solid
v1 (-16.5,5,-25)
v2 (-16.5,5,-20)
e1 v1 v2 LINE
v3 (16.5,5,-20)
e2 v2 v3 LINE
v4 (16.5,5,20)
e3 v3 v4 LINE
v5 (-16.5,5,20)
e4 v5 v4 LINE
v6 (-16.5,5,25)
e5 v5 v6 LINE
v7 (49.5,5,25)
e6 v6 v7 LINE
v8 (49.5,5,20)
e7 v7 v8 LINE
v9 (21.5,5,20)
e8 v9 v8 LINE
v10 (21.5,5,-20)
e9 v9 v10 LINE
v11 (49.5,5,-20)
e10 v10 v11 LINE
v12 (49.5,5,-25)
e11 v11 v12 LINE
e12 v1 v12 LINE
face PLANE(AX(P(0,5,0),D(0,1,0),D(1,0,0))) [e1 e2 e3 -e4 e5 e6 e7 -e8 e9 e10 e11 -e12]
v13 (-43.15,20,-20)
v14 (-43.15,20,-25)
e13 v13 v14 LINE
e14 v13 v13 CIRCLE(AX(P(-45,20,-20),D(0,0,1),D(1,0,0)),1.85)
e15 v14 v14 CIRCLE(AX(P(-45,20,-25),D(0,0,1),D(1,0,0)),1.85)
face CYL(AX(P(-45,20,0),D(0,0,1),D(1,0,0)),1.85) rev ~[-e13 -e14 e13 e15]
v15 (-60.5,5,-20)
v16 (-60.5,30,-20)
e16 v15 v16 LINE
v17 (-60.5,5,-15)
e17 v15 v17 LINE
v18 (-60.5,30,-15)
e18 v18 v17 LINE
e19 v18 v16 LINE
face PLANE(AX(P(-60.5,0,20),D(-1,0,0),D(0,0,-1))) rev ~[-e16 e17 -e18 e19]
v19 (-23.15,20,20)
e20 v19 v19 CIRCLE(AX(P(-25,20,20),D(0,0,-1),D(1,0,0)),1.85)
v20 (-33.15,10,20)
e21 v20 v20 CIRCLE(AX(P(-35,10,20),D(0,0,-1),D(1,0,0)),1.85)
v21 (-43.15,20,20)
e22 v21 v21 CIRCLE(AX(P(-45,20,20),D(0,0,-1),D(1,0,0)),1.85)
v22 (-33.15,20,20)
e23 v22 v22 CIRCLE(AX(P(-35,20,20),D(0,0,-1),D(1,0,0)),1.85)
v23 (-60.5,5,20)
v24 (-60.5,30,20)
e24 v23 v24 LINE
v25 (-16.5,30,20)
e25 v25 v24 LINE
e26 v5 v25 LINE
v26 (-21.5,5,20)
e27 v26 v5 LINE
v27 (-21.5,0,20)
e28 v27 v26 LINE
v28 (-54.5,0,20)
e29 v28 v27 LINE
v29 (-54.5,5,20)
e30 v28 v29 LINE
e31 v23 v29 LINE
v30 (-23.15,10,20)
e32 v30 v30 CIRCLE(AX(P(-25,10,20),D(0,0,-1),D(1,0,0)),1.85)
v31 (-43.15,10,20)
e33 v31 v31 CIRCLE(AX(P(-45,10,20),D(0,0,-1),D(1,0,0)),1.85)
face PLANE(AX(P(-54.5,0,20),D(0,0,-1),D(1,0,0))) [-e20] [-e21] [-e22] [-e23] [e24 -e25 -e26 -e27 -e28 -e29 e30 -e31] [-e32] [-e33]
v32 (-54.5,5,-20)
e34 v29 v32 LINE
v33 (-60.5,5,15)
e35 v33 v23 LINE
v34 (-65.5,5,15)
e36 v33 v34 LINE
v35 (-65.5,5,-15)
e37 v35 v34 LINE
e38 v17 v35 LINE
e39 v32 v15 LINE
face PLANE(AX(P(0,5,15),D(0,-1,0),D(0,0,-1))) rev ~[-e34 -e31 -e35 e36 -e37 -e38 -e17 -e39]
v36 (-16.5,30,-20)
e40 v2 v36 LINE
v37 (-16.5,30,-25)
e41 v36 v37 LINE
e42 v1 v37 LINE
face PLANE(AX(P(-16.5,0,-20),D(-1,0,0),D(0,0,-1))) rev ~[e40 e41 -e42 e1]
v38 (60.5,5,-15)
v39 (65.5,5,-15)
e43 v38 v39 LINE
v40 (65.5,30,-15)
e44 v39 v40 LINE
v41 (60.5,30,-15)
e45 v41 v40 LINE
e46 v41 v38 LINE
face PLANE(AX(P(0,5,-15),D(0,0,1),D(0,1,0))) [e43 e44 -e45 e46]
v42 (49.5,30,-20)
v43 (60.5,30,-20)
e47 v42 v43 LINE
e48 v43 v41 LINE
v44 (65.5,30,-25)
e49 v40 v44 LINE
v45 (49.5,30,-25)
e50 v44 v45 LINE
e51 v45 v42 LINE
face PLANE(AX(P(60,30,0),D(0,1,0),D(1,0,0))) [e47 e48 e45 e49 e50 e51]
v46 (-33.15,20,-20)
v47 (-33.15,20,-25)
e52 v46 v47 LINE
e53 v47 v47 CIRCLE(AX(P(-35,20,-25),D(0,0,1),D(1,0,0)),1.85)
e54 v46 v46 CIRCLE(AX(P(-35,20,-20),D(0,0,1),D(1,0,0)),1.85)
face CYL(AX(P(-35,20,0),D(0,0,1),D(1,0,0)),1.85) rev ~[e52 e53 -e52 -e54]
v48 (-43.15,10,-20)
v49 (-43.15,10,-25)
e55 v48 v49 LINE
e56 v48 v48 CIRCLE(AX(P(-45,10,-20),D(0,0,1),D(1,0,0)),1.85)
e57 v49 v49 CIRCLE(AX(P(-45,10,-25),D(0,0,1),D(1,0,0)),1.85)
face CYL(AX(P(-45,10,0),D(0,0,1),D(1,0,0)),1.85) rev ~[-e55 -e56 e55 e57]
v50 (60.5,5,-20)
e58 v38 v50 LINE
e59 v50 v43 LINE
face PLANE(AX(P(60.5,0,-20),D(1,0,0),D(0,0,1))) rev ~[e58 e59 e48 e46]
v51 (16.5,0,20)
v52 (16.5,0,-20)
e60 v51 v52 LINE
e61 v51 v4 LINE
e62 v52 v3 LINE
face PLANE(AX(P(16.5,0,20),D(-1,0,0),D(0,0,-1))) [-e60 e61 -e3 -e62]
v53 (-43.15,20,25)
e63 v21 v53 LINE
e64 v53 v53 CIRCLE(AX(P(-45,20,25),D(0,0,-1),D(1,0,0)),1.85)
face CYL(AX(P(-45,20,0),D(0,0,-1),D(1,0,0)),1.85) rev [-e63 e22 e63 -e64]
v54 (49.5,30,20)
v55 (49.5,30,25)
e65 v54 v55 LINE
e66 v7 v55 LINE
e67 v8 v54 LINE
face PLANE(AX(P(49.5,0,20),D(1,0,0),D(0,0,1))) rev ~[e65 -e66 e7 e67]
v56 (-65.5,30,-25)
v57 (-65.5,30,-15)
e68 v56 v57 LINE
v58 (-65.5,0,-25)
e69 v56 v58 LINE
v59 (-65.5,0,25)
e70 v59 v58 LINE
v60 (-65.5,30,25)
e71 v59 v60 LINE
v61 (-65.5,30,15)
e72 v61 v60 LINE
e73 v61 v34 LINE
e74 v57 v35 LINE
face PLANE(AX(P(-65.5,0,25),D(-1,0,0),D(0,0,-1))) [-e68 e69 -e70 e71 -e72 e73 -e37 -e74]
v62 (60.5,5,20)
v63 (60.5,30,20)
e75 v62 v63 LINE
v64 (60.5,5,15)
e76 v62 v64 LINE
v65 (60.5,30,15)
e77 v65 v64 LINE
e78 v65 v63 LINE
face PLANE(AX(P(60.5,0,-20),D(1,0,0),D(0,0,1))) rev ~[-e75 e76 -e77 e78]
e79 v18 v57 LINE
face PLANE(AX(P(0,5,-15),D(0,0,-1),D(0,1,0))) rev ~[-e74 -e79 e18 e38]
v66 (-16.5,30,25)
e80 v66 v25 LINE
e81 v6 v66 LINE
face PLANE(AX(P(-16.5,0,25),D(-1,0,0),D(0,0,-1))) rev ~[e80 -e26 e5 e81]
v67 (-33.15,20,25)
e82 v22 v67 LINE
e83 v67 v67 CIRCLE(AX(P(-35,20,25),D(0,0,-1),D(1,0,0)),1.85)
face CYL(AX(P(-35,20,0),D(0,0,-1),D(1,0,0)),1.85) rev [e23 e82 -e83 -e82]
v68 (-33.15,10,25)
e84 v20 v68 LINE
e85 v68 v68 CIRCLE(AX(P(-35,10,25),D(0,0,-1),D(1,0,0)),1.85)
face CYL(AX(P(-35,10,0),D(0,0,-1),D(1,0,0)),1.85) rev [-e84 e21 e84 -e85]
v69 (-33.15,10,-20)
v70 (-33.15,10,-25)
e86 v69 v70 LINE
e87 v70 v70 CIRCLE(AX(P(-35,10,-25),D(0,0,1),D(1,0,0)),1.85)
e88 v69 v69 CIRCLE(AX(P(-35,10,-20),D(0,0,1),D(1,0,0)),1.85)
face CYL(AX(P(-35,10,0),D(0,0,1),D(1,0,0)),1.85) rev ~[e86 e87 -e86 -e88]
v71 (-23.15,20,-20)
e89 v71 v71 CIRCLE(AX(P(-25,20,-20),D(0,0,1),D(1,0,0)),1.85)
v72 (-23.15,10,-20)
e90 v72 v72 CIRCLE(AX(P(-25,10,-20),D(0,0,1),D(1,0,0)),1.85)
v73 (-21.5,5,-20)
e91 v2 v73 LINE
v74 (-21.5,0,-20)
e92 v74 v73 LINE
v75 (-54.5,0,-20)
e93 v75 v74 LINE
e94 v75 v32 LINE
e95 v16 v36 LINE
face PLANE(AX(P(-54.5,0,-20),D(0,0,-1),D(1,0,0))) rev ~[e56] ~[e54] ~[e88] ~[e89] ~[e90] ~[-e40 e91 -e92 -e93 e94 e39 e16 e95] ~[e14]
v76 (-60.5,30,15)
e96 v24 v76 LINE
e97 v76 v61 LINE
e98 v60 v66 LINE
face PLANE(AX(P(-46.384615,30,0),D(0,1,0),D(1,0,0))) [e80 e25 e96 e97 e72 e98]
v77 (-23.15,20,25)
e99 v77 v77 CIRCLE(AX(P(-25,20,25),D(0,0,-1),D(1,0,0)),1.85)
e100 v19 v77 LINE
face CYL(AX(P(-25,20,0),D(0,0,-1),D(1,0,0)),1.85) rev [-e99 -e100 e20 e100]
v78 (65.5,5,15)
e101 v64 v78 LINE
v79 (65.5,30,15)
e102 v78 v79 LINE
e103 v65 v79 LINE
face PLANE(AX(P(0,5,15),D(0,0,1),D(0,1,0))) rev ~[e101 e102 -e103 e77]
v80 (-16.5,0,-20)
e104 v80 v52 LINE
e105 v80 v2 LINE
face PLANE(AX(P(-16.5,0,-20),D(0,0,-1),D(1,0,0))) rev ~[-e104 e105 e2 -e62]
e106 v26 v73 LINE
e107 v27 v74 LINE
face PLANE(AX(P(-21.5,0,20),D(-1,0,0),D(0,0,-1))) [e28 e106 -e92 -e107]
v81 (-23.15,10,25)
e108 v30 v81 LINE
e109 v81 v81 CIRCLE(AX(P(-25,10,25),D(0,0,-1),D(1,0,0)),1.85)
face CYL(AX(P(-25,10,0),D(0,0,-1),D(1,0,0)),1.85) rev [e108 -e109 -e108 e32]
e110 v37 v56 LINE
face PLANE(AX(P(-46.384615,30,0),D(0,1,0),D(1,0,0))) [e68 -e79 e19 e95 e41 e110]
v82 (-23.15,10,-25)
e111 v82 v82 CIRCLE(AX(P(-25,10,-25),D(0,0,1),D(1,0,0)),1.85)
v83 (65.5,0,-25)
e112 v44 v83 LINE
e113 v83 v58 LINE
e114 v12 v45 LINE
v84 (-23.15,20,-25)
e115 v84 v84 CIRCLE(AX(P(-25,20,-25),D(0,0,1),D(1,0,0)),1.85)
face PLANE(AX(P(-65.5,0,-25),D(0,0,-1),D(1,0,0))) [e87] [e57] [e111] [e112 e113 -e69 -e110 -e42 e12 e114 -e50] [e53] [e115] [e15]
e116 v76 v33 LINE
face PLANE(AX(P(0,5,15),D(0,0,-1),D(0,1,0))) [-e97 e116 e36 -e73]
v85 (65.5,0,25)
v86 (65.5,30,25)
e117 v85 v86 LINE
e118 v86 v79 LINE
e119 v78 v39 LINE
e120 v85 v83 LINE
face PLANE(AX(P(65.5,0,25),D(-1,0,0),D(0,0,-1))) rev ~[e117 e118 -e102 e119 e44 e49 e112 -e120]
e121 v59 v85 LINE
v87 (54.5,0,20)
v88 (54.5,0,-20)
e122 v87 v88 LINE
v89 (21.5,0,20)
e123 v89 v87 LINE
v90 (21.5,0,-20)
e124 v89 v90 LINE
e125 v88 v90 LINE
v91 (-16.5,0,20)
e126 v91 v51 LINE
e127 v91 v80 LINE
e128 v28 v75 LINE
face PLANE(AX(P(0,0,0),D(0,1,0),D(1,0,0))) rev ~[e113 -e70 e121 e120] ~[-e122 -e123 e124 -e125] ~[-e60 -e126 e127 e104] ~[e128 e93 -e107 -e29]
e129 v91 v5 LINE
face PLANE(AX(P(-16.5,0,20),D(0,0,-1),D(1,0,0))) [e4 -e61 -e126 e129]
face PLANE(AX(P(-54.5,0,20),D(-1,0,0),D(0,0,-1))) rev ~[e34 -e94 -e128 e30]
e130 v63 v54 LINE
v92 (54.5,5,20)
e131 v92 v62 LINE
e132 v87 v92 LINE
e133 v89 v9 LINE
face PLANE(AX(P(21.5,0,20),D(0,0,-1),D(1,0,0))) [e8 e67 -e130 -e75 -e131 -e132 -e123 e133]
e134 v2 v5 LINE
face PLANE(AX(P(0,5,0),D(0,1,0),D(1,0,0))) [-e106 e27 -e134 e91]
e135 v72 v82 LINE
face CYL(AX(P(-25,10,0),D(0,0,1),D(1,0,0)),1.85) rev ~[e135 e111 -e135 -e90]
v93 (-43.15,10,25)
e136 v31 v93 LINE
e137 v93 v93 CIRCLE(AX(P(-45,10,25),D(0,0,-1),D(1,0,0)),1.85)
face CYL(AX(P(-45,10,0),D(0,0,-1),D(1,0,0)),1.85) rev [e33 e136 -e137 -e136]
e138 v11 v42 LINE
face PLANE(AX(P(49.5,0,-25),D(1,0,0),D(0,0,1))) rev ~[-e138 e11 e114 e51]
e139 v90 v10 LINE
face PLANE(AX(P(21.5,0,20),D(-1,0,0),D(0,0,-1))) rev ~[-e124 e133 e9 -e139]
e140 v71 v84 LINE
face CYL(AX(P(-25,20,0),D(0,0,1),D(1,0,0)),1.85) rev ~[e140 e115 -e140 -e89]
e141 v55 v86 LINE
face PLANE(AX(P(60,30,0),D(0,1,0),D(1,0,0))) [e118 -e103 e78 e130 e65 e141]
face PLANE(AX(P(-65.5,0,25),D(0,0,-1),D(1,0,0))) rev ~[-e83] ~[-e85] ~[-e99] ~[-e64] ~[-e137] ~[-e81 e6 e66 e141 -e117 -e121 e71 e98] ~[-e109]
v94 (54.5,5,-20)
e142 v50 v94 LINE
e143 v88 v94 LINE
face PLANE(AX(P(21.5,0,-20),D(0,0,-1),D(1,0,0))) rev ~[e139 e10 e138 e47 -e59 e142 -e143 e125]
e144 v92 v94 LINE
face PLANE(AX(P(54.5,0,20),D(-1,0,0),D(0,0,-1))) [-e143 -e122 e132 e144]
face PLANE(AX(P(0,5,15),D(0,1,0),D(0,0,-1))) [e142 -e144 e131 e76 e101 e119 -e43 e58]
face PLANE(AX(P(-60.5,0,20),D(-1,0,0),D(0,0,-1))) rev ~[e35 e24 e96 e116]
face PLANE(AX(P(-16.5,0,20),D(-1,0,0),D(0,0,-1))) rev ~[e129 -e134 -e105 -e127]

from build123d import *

# Parameters (mm, degrees)
SKETCH1_W                = 131
SKETCH1_H                = 50
BOSS_EXTRUDE6_DEPTH      = 5
SKETCH11_W               = 33
SKETCH11_H               = 40
CUT_EXTRUDE7_DEPTH       = 5
BOSS_EXTRUDE7_DEPTH      = 30
SKETCH13_W               = 30
SKETCH13_H               = 25
CUT_EXTRUDE8_DEPTH       = 66.5
CUT_EXTRUDE8_DEPTH_BACK  = 66.5
SKETCH15_R               = 1.85
CUT_EXTRUDE10_DEPTH      = 26
CUT_EXTRUDE10_DEPTH_BACK = 26


with BuildPart() as part:
    # Sketch1 → Boss-Extrude6 (new body)
    with BuildSketch(Plane(origin=(0, 0, 0), x_dir=(1, 0, 0), z_dir=(0, 1, 0))):
        Rectangle(SKETCH1_W, SKETCH1_H)
    extrude(amount=BOSS_EXTRUDE6_DEPTH)

    # Sketch11 → Cut-Extrude7 (cut)
    with BuildSketch(Plane(origin=(0, 0, 0), x_dir=(1, 0, 0), z_dir=(0, 1, 0))):
        with Locations((38, 0)):
            Rectangle(SKETCH11_W, SKETCH11_H)
        Rectangle(SKETCH11_W, SKETCH11_H)
        with Locations((-38, 0)):
            Rectangle(SKETCH11_W, SKETCH11_H)
    extrude(amount=CUT_EXTRUDE7_DEPTH, mode=Mode.SUBTRACT)

    # Sketch12 → Boss-Extrude7 (add)
    with BuildSketch(Plane(origin=(0, 0, 0), x_dir=(1, 0, 0), z_dir=(0, 1, 0))):
        Polygon((-65.5, -20), (-65.5, -25), (-59, -25), (-16.5, -25), (-16.5, -20), (-60.5, -20), (-60.5, 20), (-16.5, 20), (-16.5, 25), (-59, 25), (-65.5, 25), (-65.5, 20), align=None)
        Polygon((49.5, 25), (49.5, 20), (60.5, 20), (60.5, -20), (49.5, -20), (49.5, -25), (65.5, -25), (65.5, 25), align=None)
    extrude(amount=BOSS_EXTRUDE7_DEPTH)

    # Sketch13 → Cut-Extrude8 (cut, two sides)
    with BuildSketch(Plane(origin=(0, 0, 0), x_dir=(0, 0, -1), z_dir=(1, 0, 0))) as cut_extrude8_sk:
        with Locations((0, 17.5)):
            Rectangle(SKETCH13_W, SKETCH13_H)
    extrude(amount=CUT_EXTRUDE8_DEPTH, mode=Mode.SUBTRACT)
    extrude(cut_extrude8_sk.sketch, amount=-CUT_EXTRUDE8_DEPTH_BACK, mode=Mode.SUBTRACT)

    # Sketch15 → Cut-Extrude10 (cut, two sides)
    with BuildSketch(Plane.XY) as cut_extrude10_sk:
        with Locations((-35, 10)):
            Circle(SKETCH15_R)
        with Locations((-35, 20)):
            Circle(SKETCH15_R)
        with Locations((-25, 20)):
            Circle(SKETCH15_R)
        with Locations((-25, 10)):
            Circle(SKETCH15_R)
        with Locations((-45, 20)):
            Circle(SKETCH15_R)
        with Locations((-45, 10)):
            Circle(SKETCH15_R)
    extrude(amount=CUT_EXTRUDE10_DEPTH, mode=Mode.SUBTRACT)
    extrude(cut_extrude10_sk.sketch, amount=-CUT_EXTRUDE10_DEPTH_BACK, mode=Mode.SUBTRACT)


solid = part.part
